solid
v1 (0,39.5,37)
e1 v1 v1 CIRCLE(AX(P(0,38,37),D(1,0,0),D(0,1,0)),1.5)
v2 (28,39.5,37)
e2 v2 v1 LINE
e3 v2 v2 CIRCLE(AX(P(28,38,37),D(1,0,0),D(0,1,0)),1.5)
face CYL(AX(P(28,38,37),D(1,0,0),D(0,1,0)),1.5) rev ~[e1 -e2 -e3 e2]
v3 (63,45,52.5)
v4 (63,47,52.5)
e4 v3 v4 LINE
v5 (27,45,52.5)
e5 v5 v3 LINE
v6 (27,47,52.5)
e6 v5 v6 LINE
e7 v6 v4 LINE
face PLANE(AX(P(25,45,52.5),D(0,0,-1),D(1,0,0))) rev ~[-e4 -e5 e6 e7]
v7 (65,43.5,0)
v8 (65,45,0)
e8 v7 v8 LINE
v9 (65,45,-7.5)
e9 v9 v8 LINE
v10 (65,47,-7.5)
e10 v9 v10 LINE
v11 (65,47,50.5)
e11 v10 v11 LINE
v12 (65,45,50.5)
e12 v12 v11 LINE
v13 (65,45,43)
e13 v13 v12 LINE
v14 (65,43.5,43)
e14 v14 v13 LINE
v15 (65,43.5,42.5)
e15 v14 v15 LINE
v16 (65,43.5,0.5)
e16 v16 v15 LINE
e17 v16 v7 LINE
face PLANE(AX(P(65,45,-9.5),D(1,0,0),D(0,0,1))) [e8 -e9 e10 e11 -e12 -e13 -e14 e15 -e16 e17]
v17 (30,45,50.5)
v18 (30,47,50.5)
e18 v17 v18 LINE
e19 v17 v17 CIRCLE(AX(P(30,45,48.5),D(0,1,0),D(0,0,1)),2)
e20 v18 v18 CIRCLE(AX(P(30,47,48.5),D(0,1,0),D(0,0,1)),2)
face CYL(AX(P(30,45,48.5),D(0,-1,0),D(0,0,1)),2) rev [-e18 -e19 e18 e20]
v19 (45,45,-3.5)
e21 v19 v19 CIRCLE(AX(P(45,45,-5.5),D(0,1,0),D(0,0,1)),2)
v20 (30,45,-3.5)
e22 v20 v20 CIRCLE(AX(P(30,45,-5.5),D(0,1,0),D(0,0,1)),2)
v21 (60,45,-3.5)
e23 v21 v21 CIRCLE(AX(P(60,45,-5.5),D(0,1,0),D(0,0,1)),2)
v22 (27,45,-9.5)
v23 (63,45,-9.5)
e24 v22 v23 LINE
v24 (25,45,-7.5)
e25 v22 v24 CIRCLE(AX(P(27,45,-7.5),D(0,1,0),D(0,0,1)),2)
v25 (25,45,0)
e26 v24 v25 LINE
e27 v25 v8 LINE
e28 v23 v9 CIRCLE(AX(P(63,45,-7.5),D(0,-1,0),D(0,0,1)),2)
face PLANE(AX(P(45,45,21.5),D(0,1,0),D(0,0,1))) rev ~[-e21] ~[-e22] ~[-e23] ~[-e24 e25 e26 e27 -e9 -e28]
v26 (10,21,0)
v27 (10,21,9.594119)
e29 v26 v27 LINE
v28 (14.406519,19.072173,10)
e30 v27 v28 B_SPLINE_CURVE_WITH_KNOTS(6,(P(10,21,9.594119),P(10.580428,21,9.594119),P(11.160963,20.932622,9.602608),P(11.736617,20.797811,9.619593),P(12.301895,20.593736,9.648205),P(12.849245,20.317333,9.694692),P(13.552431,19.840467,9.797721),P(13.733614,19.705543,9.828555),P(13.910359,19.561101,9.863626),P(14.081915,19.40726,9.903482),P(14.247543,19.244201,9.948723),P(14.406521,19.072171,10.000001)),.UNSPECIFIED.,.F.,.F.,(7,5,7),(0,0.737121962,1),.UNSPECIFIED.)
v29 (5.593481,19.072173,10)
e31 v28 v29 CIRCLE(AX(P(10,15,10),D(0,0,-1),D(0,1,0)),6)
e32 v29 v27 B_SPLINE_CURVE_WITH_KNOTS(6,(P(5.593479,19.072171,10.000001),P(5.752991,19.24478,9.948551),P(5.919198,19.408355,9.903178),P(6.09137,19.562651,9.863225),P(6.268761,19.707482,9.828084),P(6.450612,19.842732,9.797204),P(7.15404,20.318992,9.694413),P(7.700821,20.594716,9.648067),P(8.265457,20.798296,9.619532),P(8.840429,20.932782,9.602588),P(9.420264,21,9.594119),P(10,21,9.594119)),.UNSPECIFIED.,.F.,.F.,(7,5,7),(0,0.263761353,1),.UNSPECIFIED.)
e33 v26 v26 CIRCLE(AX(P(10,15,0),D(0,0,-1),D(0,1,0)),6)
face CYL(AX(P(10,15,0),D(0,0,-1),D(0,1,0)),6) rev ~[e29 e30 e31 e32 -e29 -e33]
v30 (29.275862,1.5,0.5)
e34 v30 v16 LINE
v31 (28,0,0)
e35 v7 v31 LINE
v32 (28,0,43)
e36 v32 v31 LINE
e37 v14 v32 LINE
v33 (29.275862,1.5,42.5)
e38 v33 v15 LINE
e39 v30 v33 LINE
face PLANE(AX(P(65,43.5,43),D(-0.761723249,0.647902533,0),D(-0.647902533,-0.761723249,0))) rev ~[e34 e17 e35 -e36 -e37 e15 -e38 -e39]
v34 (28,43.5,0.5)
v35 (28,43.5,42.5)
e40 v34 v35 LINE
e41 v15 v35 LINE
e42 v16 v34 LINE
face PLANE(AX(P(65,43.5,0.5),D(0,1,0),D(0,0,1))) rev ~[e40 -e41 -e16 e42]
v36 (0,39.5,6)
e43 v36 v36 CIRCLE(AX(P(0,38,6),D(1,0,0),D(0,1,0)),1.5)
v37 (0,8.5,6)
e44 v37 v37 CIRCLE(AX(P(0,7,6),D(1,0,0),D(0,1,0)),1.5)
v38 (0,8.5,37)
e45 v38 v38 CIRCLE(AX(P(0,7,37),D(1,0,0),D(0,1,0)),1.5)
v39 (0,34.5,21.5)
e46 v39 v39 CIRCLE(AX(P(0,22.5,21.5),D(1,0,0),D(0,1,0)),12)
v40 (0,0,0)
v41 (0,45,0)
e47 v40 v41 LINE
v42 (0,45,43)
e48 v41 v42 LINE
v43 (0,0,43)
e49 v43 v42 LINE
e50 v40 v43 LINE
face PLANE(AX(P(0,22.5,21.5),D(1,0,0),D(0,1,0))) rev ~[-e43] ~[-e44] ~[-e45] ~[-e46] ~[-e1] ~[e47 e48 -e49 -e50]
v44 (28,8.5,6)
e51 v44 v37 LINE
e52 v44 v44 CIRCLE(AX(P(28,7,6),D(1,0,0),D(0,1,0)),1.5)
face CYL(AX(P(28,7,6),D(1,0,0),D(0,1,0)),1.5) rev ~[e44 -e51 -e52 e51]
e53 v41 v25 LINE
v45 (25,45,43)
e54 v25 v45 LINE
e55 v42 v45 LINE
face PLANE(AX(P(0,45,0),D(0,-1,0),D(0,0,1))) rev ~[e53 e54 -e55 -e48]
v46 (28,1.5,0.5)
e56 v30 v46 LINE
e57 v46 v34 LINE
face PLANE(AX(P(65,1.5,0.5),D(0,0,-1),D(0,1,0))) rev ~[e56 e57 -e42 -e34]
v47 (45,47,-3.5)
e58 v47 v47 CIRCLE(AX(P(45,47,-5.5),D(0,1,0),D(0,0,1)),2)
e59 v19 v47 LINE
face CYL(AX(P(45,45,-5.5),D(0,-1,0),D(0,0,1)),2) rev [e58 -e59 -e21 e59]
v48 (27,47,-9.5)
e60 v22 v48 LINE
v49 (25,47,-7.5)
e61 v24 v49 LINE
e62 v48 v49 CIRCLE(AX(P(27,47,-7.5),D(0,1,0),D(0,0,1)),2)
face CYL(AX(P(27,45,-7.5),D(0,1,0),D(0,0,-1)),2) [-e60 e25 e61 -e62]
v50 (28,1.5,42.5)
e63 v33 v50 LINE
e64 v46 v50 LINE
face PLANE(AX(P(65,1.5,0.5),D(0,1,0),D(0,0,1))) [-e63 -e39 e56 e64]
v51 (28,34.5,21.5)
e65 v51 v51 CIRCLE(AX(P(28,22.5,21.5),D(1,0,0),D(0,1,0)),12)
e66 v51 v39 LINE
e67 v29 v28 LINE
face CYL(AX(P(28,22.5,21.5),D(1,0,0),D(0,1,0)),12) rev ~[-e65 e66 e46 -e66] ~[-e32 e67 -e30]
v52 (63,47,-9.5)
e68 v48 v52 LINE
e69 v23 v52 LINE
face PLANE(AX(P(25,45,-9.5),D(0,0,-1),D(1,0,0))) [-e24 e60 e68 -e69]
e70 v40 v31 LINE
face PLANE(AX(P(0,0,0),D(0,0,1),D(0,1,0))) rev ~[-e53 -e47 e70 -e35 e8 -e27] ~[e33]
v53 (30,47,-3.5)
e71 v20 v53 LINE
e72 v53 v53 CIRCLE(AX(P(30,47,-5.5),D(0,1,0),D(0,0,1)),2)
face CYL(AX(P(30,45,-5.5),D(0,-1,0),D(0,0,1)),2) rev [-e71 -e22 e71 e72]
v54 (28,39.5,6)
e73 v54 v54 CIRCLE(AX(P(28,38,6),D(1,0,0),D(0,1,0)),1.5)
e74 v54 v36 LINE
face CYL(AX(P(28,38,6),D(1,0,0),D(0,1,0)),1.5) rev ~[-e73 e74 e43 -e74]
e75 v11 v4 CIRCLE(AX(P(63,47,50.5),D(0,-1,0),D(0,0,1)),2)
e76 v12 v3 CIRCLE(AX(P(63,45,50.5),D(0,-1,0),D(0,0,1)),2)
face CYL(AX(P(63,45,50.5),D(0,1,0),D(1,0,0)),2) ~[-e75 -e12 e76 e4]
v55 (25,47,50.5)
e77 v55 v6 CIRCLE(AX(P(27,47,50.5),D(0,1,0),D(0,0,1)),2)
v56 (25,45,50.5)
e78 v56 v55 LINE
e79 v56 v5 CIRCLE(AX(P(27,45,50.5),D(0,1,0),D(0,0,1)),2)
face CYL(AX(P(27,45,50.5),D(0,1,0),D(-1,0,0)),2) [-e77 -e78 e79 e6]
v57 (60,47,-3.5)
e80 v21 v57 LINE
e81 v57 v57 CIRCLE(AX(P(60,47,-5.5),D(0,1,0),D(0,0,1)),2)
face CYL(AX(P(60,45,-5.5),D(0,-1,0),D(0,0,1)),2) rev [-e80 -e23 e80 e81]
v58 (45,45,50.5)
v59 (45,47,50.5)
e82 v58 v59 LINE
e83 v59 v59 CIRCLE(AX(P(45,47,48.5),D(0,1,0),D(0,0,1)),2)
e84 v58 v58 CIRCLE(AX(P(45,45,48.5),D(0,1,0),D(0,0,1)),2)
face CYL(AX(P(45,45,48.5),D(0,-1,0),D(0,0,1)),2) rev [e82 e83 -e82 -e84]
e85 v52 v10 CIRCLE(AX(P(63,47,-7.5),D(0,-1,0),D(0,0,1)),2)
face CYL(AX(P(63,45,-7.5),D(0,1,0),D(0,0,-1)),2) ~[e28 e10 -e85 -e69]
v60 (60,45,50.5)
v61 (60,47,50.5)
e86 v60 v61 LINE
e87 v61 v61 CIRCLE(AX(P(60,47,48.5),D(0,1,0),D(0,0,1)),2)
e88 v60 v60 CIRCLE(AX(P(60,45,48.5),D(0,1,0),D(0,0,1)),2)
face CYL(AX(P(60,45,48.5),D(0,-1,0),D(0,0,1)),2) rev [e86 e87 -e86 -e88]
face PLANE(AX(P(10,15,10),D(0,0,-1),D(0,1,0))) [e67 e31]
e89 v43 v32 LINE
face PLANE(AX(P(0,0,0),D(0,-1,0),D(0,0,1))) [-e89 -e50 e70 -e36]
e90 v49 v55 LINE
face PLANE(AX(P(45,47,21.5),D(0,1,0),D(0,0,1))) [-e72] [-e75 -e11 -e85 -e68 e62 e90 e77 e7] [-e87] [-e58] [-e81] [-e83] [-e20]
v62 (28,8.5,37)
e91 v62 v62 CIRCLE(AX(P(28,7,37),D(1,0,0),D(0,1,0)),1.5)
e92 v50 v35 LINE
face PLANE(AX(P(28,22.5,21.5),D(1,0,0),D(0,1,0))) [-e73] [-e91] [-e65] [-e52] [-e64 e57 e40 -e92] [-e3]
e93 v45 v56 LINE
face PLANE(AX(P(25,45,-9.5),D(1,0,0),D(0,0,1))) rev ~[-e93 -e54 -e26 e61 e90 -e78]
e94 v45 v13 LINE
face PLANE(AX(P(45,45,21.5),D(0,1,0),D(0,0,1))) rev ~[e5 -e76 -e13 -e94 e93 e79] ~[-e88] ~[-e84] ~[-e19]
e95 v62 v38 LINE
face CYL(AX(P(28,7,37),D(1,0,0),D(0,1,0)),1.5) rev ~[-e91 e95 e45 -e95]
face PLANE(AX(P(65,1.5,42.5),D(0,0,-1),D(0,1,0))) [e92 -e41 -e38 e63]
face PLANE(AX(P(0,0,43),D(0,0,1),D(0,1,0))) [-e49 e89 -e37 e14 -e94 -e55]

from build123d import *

# Parameters (mm, degrees)
SKETCH_W        = 45
SKETCH_H        = 43
PAD_DEPTH       = 65
SKETCH001_W     = 42
SKETCH001_H     = 42
POCKET_DEPTH    = 37
POCKET001_DEPTH = 43.001
SKETCH003_R     = 12
SKETCH003_R_2   = 1.5
POCKET002_DEPTH = 28.001
SKETCH004_R     = 6
POCKET003_DEPTH = 10
SKETCH005_W     = 62
SKETCH005_H     = 40
SKETCH005_R     = 2
PAD001_DEPTH    = 2
FILLET_R        = 2


with BuildPart() as part:
    # Sketch → Pad (new body)
    with BuildSketch(Plane.YZ):
        with Locations((22.5, 21.5)):
            Rectangle(SKETCH_W, SKETCH_H)
    extrude(amount=PAD_DEPTH)

    # Sketch001 (on Face6 of Pad) → Pocket (cut)
    with BuildSketch(Plane.YZ.offset(65)):
        with Locations((22.5, 21.5)):
            Rectangle(SKETCH001_W, SKETCH001_H)
    extrude(amount=-POCKET_DEPTH, mode=Mode.SUBTRACT)

    # Sketch002 (on Face6 of Pocket) → Pocket001 (cut, through all)
    with BuildSketch(Plane(origin=(0, 0, 43), x_dir=(0, -1, 0), z_dir=(0, 0, 1))):
        Polygon((-43.5, 65), (0, 28), (0, 65), align=None)
    extrude(amount=-POCKET001_DEPTH, mode=Mode.SUBTRACT)

    # Sketch003 (on Face12 of Pocket001) → Pocket002 (cut, through all)
    with BuildSketch(Plane.YZ.offset(28)):
        with Locations((22.5, 21.5)):
            Circle(SKETCH003_R)
        with Locations((7, 37)):
            Circle(SKETCH003_R_2)
        with Locations((38, 37)):
            Circle(SKETCH003_R_2)
        with Locations((7, 6)):
            Circle(SKETCH003_R_2)
        with Locations((38, 6)):
            Circle(SKETCH003_R_2)
    extrude(amount=-POCKET002_DEPTH, mode=Mode.SUBTRACT)

    # Sketch004 (on Face1 of Pocket002) → Pocket003 (cut)
    with BuildSketch(Plane.YX):
        with Locations((15, 10)):
            Circle(SKETCH004_R)
    extrude(amount=-POCKET003_DEPTH, mode=Mode.SUBTRACT)

    # Sketch005 (on Face4 of Pocket003) → Pad001 (join)
    with BuildSketch(Plane.ZX.offset(45)):
        with Locations((21.5, 45)):
            Rectangle(SKETCH005_W, SKETCH005_H)
        with Locations((-5.5, 60)):
            Circle(SKETCH005_R, mode=Mode.SUBTRACT)
        with Locations((-5.5, 45)):
            Circle(SKETCH005_R, mode=Mode.SUBTRACT)
        with Locations((-5.5, 30)):
            Circle(SKETCH005_R, mode=Mode.SUBTRACT)
        with Locations((48.5, 60)):
            Circle(SKETCH005_R, mode=Mode.SUBTRACT)
        with Locations((48.5, 45)):
            Circle(SKETCH005_R, mode=Mode.SUBTRACT)
        with Locations((48.5, 30)):
            Circle(SKETCH005_R, mode=Mode.SUBTRACT)
    extrude(amount=PAD001_DEPTH)

    # Fillet
    fillet_edges = [part.edges().sort_by_distance(p)[0] for p in [
        (65, 46, 52.5),
        (25, 46, 52.5),
        (65, 46, -9.5),
        (25, 46, -9.5),
    ]]
    fillet(fillet_edges, radius=FILLET_R)


solid = part.part
